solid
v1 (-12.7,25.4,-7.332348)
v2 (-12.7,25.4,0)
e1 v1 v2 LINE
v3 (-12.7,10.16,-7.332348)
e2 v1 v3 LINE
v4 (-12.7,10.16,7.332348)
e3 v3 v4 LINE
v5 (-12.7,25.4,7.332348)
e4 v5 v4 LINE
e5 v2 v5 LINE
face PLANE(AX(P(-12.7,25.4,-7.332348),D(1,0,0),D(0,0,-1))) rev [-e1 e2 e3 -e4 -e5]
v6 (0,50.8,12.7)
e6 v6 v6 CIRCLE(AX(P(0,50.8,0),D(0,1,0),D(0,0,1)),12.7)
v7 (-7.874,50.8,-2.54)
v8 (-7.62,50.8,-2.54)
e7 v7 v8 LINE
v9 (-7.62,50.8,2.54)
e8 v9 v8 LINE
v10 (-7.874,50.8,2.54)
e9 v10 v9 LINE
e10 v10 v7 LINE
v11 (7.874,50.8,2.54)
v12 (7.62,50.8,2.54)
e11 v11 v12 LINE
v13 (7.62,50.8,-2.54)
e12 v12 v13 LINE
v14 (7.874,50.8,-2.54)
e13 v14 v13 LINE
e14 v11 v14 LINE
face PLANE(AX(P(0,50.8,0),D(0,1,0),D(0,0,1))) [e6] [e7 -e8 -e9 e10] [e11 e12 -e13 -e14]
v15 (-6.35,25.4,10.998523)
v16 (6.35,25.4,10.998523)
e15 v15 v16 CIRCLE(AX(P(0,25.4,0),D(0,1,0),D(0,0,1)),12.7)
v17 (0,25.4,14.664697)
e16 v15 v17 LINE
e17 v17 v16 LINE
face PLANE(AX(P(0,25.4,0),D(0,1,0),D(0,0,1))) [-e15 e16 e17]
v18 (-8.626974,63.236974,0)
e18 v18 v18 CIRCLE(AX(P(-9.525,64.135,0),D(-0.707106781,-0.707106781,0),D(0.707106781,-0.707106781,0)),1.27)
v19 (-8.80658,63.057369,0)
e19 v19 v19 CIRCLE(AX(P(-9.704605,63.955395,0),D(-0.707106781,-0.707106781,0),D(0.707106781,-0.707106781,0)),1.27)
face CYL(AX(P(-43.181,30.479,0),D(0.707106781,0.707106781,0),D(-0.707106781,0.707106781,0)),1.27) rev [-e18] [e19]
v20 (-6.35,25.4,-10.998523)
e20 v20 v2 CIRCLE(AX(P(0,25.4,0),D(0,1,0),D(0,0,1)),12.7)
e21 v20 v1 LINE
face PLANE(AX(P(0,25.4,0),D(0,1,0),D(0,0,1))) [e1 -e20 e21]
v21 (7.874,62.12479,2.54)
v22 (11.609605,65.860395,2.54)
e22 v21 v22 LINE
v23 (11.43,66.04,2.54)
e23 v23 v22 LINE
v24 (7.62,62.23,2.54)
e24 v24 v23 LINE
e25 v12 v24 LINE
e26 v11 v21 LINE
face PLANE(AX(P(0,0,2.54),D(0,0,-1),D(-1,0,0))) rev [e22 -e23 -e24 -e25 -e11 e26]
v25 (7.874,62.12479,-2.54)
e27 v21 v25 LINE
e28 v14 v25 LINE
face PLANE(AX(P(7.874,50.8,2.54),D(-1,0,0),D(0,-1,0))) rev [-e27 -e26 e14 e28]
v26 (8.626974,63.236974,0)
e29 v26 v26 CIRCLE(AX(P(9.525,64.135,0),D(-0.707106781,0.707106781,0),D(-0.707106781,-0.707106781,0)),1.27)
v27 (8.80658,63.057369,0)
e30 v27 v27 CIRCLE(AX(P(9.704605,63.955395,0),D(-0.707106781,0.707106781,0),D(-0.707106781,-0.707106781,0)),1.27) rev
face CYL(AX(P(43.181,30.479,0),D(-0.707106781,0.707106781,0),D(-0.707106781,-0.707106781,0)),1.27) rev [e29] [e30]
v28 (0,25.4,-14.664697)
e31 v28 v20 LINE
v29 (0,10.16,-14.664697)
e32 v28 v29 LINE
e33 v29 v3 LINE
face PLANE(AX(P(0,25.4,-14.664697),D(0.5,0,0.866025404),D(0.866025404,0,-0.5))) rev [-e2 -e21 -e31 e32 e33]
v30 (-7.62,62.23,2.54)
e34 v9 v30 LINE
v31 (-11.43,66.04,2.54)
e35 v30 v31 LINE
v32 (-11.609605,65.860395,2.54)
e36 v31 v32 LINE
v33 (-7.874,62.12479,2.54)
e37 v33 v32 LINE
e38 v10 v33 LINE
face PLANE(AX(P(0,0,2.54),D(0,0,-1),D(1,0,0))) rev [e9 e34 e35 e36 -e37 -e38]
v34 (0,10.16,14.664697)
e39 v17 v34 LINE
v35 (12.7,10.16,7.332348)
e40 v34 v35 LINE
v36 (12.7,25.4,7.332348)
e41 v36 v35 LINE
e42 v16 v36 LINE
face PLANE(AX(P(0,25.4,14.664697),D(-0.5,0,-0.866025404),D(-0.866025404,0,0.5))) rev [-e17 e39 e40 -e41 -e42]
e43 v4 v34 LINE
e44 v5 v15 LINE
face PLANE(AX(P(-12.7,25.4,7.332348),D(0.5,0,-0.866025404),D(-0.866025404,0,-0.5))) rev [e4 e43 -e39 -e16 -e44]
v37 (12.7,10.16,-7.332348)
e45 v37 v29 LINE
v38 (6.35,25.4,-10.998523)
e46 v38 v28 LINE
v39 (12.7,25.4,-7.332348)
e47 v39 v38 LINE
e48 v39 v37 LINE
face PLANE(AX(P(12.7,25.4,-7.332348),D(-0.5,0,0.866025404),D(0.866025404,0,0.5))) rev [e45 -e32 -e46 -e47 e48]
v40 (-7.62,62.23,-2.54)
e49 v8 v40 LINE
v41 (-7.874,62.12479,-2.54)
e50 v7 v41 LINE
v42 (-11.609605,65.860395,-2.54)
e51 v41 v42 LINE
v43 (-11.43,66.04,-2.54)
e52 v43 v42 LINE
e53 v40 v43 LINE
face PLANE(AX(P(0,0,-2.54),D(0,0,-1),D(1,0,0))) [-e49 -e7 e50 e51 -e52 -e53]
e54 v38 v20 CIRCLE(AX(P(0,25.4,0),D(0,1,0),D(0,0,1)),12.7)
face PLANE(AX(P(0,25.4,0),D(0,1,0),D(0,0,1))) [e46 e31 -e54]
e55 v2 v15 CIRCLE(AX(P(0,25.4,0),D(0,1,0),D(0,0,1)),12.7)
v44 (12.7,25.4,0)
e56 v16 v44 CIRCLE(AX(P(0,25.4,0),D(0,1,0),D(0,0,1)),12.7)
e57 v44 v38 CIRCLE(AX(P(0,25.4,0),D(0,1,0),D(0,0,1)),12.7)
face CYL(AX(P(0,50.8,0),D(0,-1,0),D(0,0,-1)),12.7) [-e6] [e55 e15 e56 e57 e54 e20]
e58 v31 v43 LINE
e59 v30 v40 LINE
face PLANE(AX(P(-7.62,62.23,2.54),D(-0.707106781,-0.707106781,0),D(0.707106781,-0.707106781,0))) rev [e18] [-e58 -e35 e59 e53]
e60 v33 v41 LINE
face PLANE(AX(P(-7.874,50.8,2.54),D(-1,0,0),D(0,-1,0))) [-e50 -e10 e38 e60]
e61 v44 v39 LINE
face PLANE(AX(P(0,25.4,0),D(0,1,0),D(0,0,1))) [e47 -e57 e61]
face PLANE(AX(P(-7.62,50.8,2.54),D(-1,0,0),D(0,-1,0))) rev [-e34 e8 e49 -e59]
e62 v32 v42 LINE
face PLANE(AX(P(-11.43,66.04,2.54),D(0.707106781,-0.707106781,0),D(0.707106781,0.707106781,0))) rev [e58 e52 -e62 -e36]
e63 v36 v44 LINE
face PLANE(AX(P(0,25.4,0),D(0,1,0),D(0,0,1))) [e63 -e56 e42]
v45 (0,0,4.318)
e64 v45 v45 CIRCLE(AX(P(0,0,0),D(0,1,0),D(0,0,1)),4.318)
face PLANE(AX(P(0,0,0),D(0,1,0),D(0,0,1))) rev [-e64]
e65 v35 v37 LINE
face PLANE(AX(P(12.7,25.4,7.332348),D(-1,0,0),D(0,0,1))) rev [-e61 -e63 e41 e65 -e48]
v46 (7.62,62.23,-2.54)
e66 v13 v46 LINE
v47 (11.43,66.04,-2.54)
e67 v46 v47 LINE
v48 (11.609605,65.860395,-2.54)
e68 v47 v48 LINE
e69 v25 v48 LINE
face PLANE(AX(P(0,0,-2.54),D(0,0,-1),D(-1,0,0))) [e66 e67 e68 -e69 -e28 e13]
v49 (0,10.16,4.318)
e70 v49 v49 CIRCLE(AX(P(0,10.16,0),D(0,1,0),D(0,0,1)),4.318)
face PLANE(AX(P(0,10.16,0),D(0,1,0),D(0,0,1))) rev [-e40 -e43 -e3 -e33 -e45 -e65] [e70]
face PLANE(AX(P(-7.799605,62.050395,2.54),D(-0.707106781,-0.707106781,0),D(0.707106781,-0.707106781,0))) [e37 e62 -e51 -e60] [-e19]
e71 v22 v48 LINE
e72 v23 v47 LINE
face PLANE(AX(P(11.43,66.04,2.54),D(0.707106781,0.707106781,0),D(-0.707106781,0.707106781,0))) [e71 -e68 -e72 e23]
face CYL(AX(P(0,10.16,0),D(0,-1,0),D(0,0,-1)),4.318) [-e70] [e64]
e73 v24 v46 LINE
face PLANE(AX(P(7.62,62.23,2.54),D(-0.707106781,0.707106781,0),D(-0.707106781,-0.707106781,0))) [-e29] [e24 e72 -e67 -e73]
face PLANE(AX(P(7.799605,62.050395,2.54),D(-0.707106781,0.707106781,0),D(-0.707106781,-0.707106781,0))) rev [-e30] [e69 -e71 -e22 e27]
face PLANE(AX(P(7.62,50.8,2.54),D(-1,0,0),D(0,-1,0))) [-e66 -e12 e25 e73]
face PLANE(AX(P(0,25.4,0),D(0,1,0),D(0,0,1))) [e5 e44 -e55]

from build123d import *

# Parameters (mm, degrees)
SKETCH1_R           = 4.318
BOSS_EXTRUDE1_DEPTH = 10.16
BOSS_EXTRUDE2_DEPTH = 15.24
SKETCH3_R           = 12.7
BOSS_EXTRUDE3_DEPTH = 25.4
EXTRUDE_THIN1_DEPTH = 2.54
SKETCH5_R           = 1.27
CUT_EXTRUDE1_DEPTH  = 0.254


with BuildPart() as part:
    # Sketch1 → Boss-Extrude1 (new body)
    with BuildSketch(Plane(origin=(0, 0, 0), x_dir=(1, 0, 0), z_dir=(0, 1, 0))):
        Circle(SKETCH1_R)
    extrude(amount=BOSS_EXTRUDE1_DEPTH)

    # Sketch2 → Boss-Extrude2 (add)
    with BuildSketch(Plane(origin=(0, 10.16, 0), x_dir=(1, 0, 0), z_dir=(0, 1, 0))):
        Polygon((0, 14.664696837), (-12.7, 7.332348419), (-12.7, -7.332348419), (0, -14.664696837), (12.7, -7.332348419), (12.7, 7.332348419), align=None)
    extrude(amount=BOSS_EXTRUDE2_DEPTH)

    # Sketch3 → Boss-Extrude3 (add)
    with BuildSketch(Plane(origin=(0, 25.4, 0), x_dir=(1, 0, 0), z_dir=(0, 1, 0))):
        Circle(SKETCH3_R)
    extrude(amount=BOSS_EXTRUDE3_DEPTH)

    # Sketch4 → Extrude-Thin1 (add, symmetric)
    with BuildSketch(Plane.XY):
        Polygon((7.62, 50.8), (7.62, 62.23), (11.43, 66.04), (11.609605122, 65.860394878), (7.874, 62.124789755), (7.874, 50.8), align=None)
    extrude_thin1 = extrude(amount=EXTRUDE_THIN1_DEPTH, both=True)

    # Sketch5 → Cut-Extrude1 (cut)
    with BuildSketch(Plane(origin=(-27.305, 27.305, 0), x_dir=(0, 0, 1), z_dir=(-0.707106781, 0.707106781, 0))):
        with Locations((0, 52.085485502)):
            Circle(SKETCH5_R)
    cut_extrude1 = extrude(amount=-CUT_EXTRUDE1_DEPTH, mode=Mode.SUBTRACT)

    # Mirror1: Extrude-Thin1, Cut-Extrude1 across plane
    add(extrude_thin1.mirror(Plane(origin=(0, 0, 0), x_dir=(0, 0, 1), z_dir=(1, 0, 0))))
    add(cut_extrude1.mirror(Plane(origin=(0, 0, 0), x_dir=(0, 0, 1), z_dir=(1, 0, 0))), mode=Mode.SUBTRACT)


solid = part.part
